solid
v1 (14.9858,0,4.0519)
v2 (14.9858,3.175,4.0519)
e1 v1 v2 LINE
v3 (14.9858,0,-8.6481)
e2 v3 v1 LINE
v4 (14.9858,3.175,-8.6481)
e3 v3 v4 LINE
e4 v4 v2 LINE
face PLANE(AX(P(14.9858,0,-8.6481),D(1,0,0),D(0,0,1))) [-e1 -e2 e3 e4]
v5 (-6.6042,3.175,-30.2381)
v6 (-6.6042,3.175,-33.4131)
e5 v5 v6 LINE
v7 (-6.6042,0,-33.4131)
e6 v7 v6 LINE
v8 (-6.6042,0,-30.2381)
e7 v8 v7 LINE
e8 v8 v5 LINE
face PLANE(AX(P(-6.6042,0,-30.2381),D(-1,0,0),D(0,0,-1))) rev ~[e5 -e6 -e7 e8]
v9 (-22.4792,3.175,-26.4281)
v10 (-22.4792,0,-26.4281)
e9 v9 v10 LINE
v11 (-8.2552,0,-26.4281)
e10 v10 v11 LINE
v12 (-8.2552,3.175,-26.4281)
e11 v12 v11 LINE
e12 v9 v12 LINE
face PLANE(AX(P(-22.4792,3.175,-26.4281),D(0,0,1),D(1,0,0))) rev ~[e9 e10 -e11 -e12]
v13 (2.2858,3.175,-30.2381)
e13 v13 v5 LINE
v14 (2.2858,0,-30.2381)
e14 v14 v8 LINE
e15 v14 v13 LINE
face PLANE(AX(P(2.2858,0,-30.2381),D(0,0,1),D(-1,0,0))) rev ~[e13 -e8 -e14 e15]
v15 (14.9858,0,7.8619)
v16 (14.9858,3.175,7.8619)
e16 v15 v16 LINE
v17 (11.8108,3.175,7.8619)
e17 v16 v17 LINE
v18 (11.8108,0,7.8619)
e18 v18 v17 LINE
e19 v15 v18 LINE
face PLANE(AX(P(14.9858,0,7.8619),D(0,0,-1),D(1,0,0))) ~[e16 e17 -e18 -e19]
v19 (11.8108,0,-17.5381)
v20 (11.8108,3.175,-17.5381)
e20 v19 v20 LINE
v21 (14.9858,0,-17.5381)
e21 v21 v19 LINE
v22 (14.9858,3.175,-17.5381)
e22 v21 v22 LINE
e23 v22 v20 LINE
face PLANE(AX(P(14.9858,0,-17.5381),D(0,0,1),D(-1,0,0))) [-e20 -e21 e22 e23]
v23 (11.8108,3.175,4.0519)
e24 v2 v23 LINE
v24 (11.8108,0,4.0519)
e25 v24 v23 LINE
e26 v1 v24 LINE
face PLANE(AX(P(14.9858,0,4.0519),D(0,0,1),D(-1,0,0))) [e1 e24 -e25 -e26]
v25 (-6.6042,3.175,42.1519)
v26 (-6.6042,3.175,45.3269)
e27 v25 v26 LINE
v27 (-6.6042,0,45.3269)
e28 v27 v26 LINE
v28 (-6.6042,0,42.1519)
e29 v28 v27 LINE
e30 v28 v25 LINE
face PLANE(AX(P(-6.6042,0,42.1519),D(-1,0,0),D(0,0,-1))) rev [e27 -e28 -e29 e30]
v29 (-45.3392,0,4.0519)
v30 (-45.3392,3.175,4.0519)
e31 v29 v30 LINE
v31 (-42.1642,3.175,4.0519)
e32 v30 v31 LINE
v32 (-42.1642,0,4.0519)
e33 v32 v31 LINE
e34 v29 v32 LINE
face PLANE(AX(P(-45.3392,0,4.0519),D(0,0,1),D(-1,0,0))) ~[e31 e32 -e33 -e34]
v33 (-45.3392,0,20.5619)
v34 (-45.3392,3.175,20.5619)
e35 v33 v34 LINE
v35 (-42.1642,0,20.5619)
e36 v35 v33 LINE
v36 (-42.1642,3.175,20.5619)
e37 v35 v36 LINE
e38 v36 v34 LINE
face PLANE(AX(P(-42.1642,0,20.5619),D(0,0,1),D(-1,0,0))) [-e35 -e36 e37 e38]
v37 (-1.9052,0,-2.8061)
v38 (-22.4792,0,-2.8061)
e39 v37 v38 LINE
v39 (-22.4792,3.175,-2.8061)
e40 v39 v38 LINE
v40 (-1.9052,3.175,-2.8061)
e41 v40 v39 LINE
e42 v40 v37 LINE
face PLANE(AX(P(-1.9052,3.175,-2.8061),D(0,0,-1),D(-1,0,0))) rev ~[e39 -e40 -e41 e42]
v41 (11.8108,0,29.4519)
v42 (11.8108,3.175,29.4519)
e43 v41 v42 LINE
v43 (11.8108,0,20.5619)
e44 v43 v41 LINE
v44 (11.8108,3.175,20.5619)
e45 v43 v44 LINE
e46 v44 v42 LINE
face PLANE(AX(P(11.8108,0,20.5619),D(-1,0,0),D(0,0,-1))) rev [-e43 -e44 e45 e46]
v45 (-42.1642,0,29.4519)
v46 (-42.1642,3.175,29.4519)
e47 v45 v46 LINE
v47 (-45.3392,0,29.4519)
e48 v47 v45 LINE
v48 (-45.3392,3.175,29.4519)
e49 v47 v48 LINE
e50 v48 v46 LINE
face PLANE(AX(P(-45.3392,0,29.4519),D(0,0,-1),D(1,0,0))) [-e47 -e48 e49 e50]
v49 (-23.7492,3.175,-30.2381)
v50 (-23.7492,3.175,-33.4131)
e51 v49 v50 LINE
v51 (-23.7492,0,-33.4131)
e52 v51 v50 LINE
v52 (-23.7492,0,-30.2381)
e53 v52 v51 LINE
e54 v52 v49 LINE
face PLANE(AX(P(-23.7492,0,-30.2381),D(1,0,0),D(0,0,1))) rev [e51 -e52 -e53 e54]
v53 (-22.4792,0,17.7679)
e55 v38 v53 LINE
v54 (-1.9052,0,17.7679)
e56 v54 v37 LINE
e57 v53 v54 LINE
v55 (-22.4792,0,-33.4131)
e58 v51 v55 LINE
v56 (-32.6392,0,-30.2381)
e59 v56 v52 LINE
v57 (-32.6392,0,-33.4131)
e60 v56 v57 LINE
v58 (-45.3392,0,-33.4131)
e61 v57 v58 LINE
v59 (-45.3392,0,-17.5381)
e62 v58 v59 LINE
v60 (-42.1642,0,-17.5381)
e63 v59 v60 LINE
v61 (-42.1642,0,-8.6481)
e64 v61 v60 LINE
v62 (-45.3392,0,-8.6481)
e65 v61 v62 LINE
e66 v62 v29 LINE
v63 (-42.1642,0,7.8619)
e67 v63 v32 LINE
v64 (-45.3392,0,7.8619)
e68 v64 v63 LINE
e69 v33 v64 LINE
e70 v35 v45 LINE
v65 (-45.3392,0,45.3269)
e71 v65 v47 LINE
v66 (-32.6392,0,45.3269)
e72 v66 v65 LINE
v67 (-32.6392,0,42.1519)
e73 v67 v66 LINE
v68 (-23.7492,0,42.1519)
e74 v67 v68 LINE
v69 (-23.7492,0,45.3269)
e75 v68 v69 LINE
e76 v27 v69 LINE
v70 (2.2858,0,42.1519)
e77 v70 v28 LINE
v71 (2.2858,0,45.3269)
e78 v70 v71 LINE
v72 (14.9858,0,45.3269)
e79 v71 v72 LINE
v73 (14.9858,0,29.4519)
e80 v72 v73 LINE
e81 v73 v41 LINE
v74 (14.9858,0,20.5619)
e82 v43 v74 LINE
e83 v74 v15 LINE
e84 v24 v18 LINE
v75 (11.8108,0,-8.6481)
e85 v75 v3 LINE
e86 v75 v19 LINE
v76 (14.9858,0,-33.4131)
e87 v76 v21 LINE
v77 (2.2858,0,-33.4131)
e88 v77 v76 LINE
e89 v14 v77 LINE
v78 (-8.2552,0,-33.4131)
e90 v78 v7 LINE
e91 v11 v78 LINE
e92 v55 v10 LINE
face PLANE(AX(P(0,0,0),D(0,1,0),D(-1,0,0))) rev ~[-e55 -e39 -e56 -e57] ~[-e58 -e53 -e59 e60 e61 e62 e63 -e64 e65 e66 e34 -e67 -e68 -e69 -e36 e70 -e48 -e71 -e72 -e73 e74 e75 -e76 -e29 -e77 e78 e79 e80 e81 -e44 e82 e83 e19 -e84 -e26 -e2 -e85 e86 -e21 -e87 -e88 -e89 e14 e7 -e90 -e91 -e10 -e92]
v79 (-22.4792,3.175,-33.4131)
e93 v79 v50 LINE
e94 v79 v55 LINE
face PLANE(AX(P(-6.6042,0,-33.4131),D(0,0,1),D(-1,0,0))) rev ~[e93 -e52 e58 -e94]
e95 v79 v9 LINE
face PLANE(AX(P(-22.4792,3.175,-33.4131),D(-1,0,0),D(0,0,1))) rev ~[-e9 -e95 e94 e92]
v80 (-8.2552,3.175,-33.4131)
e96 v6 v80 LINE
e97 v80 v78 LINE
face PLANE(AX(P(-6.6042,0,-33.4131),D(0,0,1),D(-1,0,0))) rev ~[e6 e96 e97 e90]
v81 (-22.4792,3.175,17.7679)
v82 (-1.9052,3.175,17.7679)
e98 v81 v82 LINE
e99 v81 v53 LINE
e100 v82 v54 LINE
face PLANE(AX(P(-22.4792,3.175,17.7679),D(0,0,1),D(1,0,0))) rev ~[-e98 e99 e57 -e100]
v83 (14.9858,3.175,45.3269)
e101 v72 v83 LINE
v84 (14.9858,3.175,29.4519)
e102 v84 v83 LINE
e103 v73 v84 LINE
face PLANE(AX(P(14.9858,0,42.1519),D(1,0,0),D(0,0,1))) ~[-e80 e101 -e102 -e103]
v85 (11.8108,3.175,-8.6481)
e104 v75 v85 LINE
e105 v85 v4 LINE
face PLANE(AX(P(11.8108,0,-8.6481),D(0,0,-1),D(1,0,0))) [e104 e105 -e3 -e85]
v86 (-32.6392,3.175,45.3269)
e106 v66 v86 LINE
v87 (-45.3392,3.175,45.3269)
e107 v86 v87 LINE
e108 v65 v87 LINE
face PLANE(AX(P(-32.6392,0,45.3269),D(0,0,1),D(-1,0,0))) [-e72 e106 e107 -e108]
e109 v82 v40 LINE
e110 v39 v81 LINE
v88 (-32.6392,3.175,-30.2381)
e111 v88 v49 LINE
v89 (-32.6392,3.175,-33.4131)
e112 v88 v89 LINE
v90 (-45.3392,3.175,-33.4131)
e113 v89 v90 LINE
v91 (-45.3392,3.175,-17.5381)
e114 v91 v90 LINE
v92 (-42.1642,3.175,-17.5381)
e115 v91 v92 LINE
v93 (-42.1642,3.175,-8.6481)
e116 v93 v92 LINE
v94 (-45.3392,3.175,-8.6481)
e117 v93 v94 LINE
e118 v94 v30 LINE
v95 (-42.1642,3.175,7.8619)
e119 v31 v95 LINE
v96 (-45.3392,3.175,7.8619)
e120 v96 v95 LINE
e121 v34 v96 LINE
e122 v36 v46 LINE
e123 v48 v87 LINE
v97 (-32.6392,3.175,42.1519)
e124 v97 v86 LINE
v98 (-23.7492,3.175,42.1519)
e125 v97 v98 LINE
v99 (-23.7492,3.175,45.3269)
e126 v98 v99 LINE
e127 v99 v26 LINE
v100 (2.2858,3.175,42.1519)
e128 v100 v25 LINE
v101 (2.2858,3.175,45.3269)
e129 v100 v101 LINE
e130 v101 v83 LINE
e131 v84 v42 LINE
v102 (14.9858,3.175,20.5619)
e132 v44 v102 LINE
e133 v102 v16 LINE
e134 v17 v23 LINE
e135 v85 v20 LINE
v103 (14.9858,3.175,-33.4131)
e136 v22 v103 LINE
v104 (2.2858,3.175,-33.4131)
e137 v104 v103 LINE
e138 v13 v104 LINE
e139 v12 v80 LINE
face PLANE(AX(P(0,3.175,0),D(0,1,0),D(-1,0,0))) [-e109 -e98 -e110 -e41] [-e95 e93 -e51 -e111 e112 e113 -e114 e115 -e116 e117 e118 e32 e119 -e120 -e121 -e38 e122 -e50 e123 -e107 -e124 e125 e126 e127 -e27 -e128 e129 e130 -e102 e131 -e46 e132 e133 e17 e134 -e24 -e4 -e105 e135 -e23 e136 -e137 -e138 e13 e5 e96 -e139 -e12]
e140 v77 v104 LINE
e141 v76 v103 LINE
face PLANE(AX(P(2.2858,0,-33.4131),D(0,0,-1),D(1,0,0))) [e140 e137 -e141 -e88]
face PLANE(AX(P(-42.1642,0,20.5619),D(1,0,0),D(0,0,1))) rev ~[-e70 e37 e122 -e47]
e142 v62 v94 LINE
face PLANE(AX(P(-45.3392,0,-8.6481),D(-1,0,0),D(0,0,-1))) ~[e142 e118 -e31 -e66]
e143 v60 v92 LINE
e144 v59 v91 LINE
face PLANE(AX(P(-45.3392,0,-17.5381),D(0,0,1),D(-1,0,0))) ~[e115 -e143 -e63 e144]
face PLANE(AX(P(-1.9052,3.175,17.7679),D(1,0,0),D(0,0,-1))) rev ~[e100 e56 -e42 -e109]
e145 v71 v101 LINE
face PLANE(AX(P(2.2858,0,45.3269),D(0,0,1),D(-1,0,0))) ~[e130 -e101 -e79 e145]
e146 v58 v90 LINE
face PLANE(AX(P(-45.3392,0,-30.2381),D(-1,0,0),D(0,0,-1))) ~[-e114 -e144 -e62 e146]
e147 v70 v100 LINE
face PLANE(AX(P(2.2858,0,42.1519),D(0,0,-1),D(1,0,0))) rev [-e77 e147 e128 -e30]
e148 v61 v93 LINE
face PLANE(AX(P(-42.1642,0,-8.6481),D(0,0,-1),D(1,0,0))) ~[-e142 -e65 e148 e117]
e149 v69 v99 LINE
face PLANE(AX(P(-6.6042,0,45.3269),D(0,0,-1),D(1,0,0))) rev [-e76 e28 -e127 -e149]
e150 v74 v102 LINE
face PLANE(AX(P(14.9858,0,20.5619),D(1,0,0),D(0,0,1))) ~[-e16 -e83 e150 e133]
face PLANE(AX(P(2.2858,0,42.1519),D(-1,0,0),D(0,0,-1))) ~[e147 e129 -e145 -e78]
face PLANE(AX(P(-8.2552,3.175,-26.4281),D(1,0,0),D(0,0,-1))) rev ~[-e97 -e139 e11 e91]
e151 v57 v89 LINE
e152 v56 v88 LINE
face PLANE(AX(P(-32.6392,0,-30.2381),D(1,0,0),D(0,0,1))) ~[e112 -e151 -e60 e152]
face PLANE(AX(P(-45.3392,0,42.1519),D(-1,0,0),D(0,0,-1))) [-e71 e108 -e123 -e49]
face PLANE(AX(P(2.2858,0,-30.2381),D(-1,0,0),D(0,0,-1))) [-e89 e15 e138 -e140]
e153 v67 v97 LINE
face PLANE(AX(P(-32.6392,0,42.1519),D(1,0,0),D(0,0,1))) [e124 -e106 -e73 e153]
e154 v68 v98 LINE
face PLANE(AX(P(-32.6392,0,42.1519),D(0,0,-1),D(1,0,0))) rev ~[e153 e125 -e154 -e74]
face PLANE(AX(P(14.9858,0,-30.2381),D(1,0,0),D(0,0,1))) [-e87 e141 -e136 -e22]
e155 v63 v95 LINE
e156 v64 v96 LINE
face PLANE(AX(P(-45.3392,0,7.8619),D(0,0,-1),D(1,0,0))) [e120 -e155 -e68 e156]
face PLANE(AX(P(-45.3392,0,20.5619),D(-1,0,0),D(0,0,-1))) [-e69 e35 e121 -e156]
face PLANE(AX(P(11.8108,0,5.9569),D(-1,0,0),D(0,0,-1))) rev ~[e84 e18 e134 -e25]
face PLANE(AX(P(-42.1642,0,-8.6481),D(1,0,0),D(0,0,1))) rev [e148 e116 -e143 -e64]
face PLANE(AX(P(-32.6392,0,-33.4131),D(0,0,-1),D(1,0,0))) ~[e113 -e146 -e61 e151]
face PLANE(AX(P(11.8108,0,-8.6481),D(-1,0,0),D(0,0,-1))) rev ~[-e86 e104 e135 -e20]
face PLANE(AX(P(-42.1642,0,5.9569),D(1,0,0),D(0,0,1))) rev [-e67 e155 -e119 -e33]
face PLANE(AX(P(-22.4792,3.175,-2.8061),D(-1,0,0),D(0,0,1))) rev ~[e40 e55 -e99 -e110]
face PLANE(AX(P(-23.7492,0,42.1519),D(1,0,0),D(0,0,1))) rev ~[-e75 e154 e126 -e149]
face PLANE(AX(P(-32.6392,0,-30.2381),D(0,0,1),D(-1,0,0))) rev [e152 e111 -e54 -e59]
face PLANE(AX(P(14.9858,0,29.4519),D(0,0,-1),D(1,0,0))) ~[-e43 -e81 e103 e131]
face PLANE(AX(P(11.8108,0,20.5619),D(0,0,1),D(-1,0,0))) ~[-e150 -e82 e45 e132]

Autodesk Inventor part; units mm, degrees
ref_plane "YZ Plane" through (0, 0, 0) normal (1, 0, 0) x (0, 1, 0)
ref_plane "XZ Plane" through (0, 0, 0) normal (0, 1, 0) x (-1, 0, 0)
ref_plane "XY Plane" through (0, 0, 0) normal (0, 0, 1) x (1, 0, 0)
sketch "Sketch1" plane through (0, 0, 0) normal (0, 1, 0) x (-1, 0, 0)
  line L0 (-11.8108, -30.2381) -> (15.1767, -30.2381)
  line L1 (15.1767, -30.2381) -> (15.1767, 5.9569)
  line L2 (15.1767, 5.9569) -> (-11.8108, 5.9569)
  line L3 (-11.8108, 5.9569) -> (-11.8108, -30.2381)
  line L4 (-11.8108, -30.2381) -> (-14.9858, -30.2381)
  line L5 (-14.9858, -30.2381) -> (-14.9858, -17.5381)
  line L6 (-14.9858, -17.5381) -> (-11.8108, -17.5381)
  line L7 (-11.8108, -17.5381) -> (-11.8108, -30.2381)
  line L8 (-11.8108, -8.6481) -> (-14.9858, -8.6481)
  line L9 (-14.9858, -8.6481) -> (-14.9858, 4.0519)
  line L10 (-14.9858, 4.0519) -> (-11.8108, 4.0519)
  line L11 (-11.8108, 4.0519) -> (-11.8108, -8.6481)
  line L12 (-14.9858, -30.2381) -> (-2.2858, -30.2381)
  line L13 (-2.2858, -30.2381) -> (-2.2858, -33.4131)
  line L14 (-2.2858, -33.4131) -> (-14.9858, -33.4131)
  line L15 (-14.9858, -33.4131) -> (-14.9858, -30.2381)
  line L16 (15.1767, -30.2381) -> (6.6042, -30.2381)
  line L17 (6.6042, -30.2381) -> (6.6042, -33.4131)
  line L18 (6.6042, -33.4131) -> (15.1767, -33.4131)
  line L19 (15.1767, -33.4131) -> (15.1767, -30.2381)
  point P0 (0, 0)
  dimension "d0" = 26.9875
  dimension "d1" = 36.195
  dimension "d5" = 3.175
  dimension "d6" = 12.7
  dimension "d7" = 8.89
  dimension "d8" = 12.7
  dimension "d10" = 12.7
  dimension "d11" = 8.89
extrude "Extrusion1" add sketch "Sketch1" along normal blind 3.175
mirror "Mirror1" about plane through (-15.1767, 0, 5.9569) normal (0, 0, 1) of "Extrusion1"
mirror "Mirror2" about plane through (-15.1767, 0, -33.4131) normal (-1, 0, 0) of "Extrusion1", "Mirror1"
sketch "Sketch2" plane through (0, 3.175, 0) normal (0, 1, 0) x (1, 0, 0)
  line L0 (-1.9052, 2.8061) -> (-22.4792, 2.8061)
  line L1 (-22.4792, 2.8061) -> (-22.4792, -17.7679)
  line L2 (-22.4792, -17.7679) -> (-1.9052, -17.7679)
  line L3 (-1.9052, -17.7679) -> (-1.9052, 2.8061)
  line L4 (14.9858, -7.8619) -> (14.9858, -20.5619) projected
  line L5 (-45.3392, -7.8619) -> (-45.3392, -20.5619) projected
  line L6 (-23.7492, -45.3269) -> (-6.6042, -45.3269) projected
  line L7 (-6.6042, 33.4131) -> (-23.7492, 33.4131) projected
  line L8 (-22.4792, 26.4281) -> (-8.2552, 26.4281)
  line L9 (-8.2552, 26.4281) -> (-8.2552, 33.4131)
  line L10 (-8.2552, 33.4131) -> (-22.4792, 33.4131)
  line L11 (-22.4792, 33.4131) -> (-22.4792, 26.4281)
  point P0 (0, 0)
  dimension "d14" = 20.574
  dimension "d15" = 16.891
  dimension "d16" = 22.86
  dimension "d17" = 27.559
  dimension "d18" = 20.574
  dimension "d19" = 14.224
  dimension "d20" = 6.985
extrude "Extrusion2" cut sketch "Sketch2" against normal blind 3.175
